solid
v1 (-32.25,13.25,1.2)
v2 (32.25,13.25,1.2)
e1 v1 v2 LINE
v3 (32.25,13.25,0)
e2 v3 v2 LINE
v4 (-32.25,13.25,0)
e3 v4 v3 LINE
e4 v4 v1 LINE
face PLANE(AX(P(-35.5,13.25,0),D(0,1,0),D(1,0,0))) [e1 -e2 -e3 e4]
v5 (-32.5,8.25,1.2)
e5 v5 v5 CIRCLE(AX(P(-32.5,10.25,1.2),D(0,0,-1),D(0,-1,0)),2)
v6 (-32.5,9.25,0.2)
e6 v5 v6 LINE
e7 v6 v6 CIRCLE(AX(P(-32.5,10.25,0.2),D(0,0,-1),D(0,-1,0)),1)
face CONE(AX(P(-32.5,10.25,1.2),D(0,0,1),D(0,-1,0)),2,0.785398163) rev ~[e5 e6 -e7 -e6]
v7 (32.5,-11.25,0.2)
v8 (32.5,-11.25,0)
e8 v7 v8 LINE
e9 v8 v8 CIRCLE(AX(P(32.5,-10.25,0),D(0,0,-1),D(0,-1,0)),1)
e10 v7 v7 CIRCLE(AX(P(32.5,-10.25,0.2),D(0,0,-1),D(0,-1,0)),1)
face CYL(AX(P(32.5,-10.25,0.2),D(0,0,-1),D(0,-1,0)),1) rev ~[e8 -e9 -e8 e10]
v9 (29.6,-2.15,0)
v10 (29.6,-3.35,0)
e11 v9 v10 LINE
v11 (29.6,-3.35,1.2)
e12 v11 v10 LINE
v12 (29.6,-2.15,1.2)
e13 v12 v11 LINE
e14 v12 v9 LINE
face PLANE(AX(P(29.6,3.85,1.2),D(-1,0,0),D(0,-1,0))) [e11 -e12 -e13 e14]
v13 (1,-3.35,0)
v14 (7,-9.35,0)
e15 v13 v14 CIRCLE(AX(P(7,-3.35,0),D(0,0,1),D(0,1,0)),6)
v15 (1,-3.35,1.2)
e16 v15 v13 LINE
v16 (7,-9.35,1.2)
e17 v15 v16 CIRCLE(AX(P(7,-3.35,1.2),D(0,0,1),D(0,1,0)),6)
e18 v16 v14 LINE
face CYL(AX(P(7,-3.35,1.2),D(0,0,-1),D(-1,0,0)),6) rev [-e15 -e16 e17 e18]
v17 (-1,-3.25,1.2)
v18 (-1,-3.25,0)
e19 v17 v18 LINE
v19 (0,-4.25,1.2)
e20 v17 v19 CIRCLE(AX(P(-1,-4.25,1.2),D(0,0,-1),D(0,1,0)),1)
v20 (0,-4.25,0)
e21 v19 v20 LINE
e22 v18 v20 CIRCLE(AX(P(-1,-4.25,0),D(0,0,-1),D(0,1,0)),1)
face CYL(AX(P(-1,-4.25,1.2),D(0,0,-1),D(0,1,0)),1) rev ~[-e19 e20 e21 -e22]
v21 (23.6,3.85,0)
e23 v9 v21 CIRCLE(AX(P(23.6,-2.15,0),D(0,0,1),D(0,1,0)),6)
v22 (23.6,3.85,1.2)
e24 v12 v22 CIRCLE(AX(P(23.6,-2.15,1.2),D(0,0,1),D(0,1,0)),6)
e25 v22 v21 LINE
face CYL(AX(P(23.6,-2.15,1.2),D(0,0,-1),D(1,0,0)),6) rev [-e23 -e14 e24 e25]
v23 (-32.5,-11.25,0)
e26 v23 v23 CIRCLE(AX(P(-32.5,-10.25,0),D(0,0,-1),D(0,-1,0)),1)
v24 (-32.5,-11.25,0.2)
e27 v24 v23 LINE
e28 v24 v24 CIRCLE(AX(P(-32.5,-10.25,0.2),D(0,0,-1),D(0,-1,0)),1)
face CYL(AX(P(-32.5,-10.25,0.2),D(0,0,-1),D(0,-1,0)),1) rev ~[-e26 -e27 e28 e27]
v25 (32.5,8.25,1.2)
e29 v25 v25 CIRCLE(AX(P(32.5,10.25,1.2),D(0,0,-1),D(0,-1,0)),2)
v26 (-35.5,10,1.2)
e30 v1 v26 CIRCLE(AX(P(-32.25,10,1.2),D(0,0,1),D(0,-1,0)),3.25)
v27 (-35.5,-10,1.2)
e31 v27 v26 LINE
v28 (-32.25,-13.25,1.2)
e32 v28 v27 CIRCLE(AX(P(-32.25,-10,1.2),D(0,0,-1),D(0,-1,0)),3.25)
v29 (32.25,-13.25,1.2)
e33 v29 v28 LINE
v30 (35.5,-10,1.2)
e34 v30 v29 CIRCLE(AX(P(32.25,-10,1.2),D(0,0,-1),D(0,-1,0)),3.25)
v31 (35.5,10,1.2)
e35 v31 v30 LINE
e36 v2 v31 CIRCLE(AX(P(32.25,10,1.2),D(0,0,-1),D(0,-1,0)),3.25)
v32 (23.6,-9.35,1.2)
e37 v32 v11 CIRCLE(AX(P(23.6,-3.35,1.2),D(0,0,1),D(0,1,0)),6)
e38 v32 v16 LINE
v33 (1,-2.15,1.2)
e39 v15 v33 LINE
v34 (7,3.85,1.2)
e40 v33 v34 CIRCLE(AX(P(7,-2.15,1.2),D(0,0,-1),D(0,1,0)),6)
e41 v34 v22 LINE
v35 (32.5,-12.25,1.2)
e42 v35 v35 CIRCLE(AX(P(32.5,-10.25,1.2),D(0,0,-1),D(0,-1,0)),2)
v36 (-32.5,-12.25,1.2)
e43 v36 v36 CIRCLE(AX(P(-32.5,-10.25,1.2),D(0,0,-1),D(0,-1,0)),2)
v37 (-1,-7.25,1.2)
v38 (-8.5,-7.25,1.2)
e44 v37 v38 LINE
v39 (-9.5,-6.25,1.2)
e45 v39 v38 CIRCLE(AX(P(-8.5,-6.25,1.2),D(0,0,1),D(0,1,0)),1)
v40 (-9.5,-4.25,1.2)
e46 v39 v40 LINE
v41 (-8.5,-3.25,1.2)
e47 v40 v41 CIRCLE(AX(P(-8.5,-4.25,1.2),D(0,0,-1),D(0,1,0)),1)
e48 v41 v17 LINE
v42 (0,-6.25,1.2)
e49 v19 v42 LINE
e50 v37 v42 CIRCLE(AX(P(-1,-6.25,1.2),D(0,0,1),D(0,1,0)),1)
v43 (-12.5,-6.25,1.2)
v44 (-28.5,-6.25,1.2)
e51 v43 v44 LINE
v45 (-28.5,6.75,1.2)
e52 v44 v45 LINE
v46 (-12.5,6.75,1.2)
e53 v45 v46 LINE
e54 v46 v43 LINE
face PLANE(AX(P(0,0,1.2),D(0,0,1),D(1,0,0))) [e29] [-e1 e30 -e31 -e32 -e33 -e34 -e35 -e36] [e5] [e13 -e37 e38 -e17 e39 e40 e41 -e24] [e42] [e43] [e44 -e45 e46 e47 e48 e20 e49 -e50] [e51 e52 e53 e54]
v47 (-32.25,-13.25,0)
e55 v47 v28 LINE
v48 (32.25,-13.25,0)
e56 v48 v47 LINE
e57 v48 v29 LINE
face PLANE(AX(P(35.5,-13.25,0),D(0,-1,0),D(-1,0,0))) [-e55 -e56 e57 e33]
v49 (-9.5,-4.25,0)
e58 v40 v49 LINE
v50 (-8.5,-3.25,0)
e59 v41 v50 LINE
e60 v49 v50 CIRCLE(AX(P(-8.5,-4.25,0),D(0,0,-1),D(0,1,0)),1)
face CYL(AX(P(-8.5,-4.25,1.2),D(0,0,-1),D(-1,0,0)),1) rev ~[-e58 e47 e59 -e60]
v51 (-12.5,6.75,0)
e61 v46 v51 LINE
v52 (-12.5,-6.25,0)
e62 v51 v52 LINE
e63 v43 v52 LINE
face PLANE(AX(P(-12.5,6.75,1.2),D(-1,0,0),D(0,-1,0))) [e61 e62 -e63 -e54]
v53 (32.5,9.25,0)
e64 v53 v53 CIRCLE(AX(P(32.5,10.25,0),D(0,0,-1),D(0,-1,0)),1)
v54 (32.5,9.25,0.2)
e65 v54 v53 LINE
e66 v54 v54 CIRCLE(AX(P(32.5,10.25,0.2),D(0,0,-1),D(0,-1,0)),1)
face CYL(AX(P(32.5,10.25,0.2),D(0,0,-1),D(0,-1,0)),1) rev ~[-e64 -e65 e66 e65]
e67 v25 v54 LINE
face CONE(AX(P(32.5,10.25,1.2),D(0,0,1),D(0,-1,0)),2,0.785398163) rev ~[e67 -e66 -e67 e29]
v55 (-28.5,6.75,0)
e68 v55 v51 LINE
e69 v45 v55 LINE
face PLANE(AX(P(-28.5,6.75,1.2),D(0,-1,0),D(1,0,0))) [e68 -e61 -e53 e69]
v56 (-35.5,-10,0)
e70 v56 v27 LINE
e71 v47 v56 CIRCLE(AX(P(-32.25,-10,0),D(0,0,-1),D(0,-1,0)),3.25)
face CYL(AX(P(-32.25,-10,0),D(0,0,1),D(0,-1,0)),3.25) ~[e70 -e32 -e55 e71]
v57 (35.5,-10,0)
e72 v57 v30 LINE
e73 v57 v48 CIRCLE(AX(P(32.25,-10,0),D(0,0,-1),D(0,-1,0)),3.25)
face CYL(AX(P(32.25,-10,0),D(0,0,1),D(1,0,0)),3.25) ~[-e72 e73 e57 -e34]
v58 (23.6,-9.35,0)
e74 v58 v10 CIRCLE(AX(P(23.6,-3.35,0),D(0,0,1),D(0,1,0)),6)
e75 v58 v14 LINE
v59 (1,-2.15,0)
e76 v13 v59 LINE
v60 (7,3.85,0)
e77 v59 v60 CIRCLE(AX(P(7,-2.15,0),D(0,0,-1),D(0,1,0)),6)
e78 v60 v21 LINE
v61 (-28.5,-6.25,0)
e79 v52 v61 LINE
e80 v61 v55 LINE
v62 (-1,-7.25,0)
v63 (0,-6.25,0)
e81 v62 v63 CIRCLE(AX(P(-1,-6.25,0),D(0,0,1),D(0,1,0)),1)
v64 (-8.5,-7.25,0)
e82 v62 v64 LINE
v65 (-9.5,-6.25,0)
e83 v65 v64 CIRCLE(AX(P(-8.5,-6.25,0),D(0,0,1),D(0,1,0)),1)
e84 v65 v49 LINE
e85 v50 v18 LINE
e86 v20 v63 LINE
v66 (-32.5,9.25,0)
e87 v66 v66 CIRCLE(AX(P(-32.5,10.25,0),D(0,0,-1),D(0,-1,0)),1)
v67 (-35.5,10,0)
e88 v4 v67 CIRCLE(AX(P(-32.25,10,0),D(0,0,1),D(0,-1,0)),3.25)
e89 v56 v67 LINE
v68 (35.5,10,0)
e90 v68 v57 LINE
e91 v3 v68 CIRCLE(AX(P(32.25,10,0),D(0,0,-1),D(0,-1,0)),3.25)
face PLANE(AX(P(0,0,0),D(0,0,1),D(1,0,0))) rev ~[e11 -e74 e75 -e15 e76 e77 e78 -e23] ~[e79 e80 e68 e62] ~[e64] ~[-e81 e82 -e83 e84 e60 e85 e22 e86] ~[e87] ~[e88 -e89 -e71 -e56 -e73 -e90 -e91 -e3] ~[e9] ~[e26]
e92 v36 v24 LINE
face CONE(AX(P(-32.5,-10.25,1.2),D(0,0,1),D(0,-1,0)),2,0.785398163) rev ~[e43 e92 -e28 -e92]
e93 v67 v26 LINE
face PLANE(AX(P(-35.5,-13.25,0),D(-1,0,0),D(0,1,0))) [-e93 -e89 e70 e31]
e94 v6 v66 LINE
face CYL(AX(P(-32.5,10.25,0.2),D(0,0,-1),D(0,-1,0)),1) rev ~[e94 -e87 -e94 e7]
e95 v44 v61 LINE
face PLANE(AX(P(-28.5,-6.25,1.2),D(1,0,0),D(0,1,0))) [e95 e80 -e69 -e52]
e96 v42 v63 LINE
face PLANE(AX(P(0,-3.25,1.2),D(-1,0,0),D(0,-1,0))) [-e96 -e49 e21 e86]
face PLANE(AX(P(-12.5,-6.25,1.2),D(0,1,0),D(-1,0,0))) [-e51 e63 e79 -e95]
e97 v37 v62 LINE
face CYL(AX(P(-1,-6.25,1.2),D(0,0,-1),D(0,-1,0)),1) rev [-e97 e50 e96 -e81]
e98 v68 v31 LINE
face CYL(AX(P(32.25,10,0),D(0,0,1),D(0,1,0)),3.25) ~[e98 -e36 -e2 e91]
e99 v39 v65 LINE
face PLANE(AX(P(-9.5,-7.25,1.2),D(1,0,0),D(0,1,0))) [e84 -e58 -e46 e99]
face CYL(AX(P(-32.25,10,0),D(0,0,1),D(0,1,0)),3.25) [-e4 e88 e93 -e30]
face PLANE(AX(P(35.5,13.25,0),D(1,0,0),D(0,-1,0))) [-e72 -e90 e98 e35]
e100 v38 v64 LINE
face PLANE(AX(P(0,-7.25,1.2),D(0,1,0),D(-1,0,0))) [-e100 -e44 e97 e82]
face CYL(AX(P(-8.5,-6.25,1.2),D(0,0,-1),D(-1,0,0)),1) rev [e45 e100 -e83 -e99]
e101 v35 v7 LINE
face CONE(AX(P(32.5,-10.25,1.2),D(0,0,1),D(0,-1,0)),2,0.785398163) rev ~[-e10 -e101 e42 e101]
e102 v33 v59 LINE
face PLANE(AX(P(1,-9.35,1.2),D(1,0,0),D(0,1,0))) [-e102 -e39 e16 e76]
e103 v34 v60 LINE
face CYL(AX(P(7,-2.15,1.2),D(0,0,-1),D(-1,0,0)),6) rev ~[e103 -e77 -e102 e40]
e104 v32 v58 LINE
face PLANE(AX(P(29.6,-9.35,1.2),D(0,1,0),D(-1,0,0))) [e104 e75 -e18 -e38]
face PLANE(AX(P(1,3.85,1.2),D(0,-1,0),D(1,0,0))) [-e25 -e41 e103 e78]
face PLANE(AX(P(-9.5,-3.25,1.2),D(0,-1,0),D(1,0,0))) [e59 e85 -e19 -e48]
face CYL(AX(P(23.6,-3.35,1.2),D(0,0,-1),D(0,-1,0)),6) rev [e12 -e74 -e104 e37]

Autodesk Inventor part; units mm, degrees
ref_plane "YZ Plane" through (0, 0, 0) normal (1, 0, 0) x (0, 1, 0)
ref_plane "XZ Plane" through (0, 0, 0) normal (0, 1, 0) x (-1, 0, 0)
ref_plane "XY Plane" through (0, 0, 0) normal (0, 0, 1) x (1, 0, 0)
sketch "Sketch1" plane through (0, 0, 0) normal (0, 0, 1) x (1, 0, 0)
  line L0 (-35.5, 13.25) -> (35.5, 13.25)
  line L1 (35.5, 13.25) -> (35.5, -13.25)
  line L2 (35.5, -13.25) -> (-35.5, -13.25)
  line L3 (-35.5, -13.25) -> (-35.5, 13.25)
  point P0 (0, 0)
  dimension "d0" = 26.5
  dimension "d1" = 71
  dimension "d2" = 35.5
  dimension "d3" = 13.25
extrude "Extrusion1" add sketch "Sketch1" along normal blind 1.2
fillet "Fillet1" radius 3.25 4 edges at (-35.5, 13.25, 0.6) (-35.5, -13.25, 0.6) (35.5, -13.25, 0.6) (35.5, 13.25, 0.6)
sketch "Sketch2" plane through (0, 0, 1.2) normal (0, 0, 1) x (1, 0, 0)
  line L0 (32.25, 13.25) -> (-32.25, 13.25) projected
  line L1 (-35.5, 10) -> (-35.5, -10) projected
  line L2 (-32.25, -13.25) -> (32.25, -13.25) projected
  line L3 (35.5, -10) -> (35.5, 10) projected
  point P0 (0, 0)
  point P1 (-32.5, 10.25)
  point P2 (32.5, 10.25)
  point P3 (32.5, -10.25)
  point P4 (-32.5, -10.25)
  dimension "d7" = 3
  dimension "d8" = 3
  dimension "d9" = 3
  dimension "d10" = 3
  dimension "d11" = 3
  dimension "d12" = 3
  dimension "d13" = 3
  dimension "d14" = 3
hole "Hole1" at (-32.5, 10.25, 1.2) at (32.5, 10.25, 1.2) at (32.5, -10.25, 1.2) at (-32.5, -10.25, 1.2) direction (0, 0, -1) diameter 2 depth 4 tip angle 118 countersink diameter 4 countersink angle 90
sketch "Sketch3" plane through (0, 0, 1.2) normal (0, 0, 1) x (1, 0, 0)
  line L0 (-28.5, 6.75) -> (-12.5, 6.75)
  line L1 (-12.5, 6.75) -> (-12.5, -6.25)
  line L2 (-12.5, -6.25) -> (-28.5, -6.25)
  line L3 (-28.5, -6.25) -> (-28.5, 6.75)
  line L4 (-35.5, 10) -> (-35.5, -10) projected
  line L5 (-32.25, -13.25) -> (32.25, -13.25) projected
  point P0 (0, 0)
  dimension "d22" = 7
  dimension "d23" = 23
  dimension "d24" = 7
  dimension "d25" = 20
extrude "Extrusion2" cut sketch "Sketch3" against normal blind 2
sketch "Sketch4" plane through (0, 0, 1.2) normal (0, 0, 1) x (1, 0, 0)
  line L0 (-9.5, -3.25) -> (0, -3.25)
  line L1 (0, -3.25) -> (0, -7.25)
  line L2 (0, -7.25) -> (-9.5, -7.25)
  line L3 (-9.5, -7.25) -> (-9.5, -3.25)
  line L4 (-35.5, 10) -> (-35.5, -10) projected
  line L5 (-32.25, -13.25) -> (32.25, -13.25) projected
  point P0 (0, 0)
  dimension "d28" = 26
  dimension "d29" = 35.5
  dimension "d30" = 6
  dimension "d31" = 10
extrude "Extrusion3" cut sketch "Sketch4" against normal blind 2
sketch "Sketch5" plane through (0, 0, 1.2) normal (0, 0, 1) x (1, 0, 0)
  line L0 (6.5, 1.75) -> (24.5, 1.75)
  line L1 (24.5, 1.75) -> (24.5, -5.25)
  line L2 (24.5, -5.25) -> (6.5, -5.25)
  line L3 (6.5, -5.25) -> (6.5, 1.75)
  line L4 (35.5, -10) -> (35.5, 10) projected
  line L5 (-32.25, -13.25) -> (32.25, -13.25) projected
  point P0 (0, 0)
  dimension "d34" = 11
  dimension "d35" = 29
  dimension "d36" = 15
  dimension "d37" = 8
extrude "Extrusion4" cut sketch "Sketch5" against normal blind 2
chamfer "Chamfer1" distance 2 angle 45 2 edges at (6.5, -5.25, 0.6) (24.5, -5.25, 0.6)
fillet "Fillet2" radius 1 4 edges at (-9.5, -3.25, 0.6) (-9.5, -7.25, 0.6) (0, -7.25, 0.6) (0, -3.25, 0.6)
sketch "Sketch7" plane through (0, 0, 1.2) normal (0, 0, 1) x (1, 0, 0)
  line L0 (1, 3.85) -> (29.6, 3.85)
  line L1 (29.6, 3.85) -> (29.6, -9.35)
  line L2 (29.6, -9.35) -> (1, -9.35)
  line L3 (1, -9.35) -> (1, 3.85)
  line L4 (-32.25, -13.25) -> (32.25, -13.25) projected
  line L5 (35.5, -10) -> (35.5, 10) projected
  point P0 (0, 0)
  dimension "d56" = 3.9
  dimension "d57" = 5.9
  dimension "d58" = 17.1
  dimension "d59" = 34.5
extrude "Extrusion6" cut sketch "Sketch7" against normal blind 2
fillet "Fillet3" radius 6 4 edges at (1, 3.85, 0.6) (1, -9.35, 0.6) (29.6, 3.85, 0.6) (29.6, -9.35, 0.6)
properties part number "cover-slave"
